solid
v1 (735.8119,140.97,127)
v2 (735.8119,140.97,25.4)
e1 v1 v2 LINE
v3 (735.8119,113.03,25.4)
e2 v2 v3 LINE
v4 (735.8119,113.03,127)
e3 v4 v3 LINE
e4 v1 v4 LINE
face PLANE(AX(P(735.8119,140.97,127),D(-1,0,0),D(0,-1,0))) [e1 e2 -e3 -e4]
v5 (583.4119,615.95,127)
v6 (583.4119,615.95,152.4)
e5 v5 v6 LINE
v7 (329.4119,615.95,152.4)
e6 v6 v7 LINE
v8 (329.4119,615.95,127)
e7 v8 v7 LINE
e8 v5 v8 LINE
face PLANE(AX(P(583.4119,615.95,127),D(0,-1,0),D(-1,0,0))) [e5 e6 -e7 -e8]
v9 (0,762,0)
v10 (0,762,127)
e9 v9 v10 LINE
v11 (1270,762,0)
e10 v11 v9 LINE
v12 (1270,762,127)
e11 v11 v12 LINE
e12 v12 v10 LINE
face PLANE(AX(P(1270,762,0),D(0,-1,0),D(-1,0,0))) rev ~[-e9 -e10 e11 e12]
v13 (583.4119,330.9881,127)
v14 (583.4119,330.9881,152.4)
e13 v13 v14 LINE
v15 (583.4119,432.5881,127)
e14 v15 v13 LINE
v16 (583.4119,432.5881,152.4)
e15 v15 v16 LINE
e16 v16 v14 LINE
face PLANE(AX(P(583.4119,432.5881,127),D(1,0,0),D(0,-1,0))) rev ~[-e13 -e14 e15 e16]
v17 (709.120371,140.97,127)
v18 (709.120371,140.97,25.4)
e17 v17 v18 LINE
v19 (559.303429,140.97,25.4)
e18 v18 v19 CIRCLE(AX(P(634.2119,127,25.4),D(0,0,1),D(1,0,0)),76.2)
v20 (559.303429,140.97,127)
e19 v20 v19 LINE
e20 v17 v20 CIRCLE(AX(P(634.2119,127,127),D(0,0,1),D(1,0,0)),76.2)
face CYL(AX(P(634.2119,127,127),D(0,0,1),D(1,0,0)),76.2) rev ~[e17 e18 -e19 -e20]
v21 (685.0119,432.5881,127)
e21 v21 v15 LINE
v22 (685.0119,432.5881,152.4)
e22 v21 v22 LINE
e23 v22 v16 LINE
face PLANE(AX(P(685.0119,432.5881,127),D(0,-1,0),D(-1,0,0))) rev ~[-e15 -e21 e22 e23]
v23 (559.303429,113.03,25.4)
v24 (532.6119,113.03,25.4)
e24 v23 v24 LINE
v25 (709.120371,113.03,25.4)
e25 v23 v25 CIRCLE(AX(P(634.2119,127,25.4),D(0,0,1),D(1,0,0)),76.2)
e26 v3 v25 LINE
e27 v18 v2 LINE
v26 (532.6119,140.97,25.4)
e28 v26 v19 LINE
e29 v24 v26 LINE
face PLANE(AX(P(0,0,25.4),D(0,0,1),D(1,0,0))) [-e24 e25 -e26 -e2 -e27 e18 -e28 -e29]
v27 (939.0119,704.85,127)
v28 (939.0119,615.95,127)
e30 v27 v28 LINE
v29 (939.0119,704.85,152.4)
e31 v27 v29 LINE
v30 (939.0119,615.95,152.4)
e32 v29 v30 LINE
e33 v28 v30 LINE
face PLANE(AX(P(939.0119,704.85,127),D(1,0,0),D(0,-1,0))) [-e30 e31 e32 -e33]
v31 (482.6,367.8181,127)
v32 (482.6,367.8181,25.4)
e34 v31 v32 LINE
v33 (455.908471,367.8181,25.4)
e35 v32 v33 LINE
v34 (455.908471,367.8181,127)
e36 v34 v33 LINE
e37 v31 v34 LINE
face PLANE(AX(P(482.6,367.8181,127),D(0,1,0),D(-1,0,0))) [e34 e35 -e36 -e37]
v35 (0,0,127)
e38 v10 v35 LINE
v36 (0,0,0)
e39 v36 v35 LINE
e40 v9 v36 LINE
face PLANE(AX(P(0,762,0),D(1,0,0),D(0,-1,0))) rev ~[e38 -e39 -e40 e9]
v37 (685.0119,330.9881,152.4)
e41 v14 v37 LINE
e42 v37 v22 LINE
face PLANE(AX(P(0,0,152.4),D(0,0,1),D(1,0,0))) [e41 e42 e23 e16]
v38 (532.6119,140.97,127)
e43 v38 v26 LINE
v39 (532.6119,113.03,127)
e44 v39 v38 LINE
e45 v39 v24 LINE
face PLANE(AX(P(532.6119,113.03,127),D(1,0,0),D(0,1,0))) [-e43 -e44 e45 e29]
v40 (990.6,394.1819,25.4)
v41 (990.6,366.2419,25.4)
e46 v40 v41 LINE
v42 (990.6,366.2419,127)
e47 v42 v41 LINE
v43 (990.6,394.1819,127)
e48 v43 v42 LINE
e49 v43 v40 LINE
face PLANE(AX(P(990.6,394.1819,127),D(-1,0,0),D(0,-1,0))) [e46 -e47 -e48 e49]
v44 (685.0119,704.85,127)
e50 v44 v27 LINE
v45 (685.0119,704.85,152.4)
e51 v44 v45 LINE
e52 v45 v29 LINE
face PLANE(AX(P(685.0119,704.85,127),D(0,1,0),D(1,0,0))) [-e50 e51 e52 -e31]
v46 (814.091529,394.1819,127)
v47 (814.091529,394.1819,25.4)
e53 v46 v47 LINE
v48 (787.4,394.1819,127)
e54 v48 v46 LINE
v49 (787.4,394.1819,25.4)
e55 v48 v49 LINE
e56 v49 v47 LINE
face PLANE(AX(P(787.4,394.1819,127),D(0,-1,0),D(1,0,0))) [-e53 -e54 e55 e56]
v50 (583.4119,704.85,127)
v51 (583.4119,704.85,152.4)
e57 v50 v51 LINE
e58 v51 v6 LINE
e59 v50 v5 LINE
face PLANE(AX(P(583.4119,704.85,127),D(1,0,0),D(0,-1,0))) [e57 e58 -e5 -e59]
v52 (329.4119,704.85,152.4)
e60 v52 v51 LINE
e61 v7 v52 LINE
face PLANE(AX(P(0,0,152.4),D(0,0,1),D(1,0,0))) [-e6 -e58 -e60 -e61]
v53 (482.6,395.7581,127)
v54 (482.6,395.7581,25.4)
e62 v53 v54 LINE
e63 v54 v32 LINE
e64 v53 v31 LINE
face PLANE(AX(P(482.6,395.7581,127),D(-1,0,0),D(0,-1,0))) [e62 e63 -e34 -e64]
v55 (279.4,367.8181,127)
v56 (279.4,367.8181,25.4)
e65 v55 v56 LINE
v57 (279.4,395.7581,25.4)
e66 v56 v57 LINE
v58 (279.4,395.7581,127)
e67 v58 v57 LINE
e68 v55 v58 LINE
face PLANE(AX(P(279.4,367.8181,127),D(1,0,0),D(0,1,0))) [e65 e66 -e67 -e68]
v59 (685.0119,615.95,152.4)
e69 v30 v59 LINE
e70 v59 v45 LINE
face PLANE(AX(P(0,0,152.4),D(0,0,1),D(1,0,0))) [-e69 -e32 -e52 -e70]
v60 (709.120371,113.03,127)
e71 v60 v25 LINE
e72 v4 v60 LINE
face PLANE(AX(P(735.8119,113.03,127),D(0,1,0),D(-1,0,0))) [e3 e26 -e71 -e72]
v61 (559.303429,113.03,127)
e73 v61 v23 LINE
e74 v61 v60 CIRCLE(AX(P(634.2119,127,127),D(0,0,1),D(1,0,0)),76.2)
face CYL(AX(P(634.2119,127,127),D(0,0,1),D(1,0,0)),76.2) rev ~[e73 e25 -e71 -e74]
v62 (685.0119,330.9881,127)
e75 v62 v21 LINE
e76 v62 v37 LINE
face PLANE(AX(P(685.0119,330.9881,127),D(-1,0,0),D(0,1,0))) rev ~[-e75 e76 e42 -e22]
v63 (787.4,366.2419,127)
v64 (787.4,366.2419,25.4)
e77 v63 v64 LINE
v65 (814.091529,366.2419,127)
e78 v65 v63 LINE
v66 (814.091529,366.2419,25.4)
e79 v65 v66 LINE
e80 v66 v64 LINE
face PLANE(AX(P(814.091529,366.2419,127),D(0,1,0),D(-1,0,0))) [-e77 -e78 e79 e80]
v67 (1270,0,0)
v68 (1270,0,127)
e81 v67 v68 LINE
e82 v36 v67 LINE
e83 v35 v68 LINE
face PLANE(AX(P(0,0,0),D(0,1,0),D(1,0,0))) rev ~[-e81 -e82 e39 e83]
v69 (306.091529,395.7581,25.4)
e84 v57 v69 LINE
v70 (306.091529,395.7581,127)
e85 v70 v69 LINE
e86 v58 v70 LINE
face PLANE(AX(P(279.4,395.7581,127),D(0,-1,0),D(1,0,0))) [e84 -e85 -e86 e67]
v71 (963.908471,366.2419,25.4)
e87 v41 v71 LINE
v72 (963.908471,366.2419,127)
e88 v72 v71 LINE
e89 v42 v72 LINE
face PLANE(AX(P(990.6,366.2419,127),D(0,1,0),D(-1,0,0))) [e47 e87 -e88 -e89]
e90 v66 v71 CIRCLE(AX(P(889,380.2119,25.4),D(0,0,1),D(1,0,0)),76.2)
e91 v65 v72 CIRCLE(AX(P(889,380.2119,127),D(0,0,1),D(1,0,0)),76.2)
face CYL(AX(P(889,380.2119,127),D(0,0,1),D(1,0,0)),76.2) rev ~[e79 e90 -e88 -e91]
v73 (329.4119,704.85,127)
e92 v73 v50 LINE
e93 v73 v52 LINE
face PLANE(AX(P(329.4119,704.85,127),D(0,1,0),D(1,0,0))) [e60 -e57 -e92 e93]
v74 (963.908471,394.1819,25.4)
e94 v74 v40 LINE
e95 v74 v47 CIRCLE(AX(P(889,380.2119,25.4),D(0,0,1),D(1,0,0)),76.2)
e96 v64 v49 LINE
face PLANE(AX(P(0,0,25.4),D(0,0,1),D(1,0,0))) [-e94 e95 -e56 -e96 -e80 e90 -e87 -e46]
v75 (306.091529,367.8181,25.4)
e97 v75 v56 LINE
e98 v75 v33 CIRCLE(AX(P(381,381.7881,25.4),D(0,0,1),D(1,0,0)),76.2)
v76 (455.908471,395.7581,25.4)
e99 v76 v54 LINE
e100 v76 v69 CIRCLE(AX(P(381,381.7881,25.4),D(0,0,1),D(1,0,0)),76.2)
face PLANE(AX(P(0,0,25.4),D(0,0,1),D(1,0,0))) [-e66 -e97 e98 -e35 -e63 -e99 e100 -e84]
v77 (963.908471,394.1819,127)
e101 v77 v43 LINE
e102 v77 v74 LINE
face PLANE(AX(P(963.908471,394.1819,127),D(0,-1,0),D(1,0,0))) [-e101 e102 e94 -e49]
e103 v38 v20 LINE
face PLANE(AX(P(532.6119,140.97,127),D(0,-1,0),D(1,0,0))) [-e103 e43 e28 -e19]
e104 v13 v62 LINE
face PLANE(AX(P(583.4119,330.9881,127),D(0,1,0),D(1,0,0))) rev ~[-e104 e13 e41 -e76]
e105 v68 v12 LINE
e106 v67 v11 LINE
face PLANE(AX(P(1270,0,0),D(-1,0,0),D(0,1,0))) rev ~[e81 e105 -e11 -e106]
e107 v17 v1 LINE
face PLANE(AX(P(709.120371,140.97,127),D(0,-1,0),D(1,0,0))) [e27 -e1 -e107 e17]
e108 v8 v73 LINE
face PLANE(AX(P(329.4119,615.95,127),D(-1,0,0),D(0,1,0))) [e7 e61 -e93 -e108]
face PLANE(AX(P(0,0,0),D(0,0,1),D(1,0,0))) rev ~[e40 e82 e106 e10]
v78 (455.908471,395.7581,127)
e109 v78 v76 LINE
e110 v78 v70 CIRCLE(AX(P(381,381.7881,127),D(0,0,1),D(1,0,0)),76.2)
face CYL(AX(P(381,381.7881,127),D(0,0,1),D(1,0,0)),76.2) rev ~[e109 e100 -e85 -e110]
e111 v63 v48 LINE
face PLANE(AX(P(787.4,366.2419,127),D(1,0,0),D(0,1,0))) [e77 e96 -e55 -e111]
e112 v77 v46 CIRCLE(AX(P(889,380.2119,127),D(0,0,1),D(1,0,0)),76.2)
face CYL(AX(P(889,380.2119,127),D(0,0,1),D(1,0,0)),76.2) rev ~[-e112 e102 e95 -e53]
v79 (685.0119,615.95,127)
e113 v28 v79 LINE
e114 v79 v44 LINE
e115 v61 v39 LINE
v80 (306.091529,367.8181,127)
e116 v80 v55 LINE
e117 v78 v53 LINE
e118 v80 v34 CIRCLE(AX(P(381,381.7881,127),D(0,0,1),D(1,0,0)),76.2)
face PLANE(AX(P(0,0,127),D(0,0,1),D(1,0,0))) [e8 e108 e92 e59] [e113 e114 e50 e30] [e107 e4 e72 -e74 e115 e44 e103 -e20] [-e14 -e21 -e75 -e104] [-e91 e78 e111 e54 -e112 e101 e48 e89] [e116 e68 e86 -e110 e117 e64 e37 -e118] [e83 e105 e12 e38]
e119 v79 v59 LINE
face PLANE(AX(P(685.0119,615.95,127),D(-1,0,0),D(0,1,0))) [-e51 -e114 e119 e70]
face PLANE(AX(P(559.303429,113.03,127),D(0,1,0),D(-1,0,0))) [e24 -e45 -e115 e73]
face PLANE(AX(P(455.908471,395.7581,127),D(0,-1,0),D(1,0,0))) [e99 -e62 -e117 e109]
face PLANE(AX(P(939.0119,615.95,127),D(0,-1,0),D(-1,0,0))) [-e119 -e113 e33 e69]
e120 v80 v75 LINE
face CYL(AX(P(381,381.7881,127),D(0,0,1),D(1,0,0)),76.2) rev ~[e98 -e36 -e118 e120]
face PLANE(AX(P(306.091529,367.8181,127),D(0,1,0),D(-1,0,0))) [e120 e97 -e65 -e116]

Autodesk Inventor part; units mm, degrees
ref_plane "YZ Plane" through (0, 0, 0) normal (1, 0, 0) x (0, 1, 0)
ref_plane "XZ Plane" through (0, 0, 0) normal (0, 1, 0) x (-1, 0, 0)
ref_plane "XY Plane" through (0, 0, 0) normal (0, 0, 1) x (1, 0, 0)
sketch "Sketch1" plane through (0, 0, 0) normal (0, 0, 1) x (1, 0, 0)
  line L0 (0, 0) -> (1270, 0)
  line L1 (1270, 0) -> (1270, 762)
  line L2 (1270, 762) -> (0, 762)
  line L3 (0, 762) -> (0, 0)
  dimension "d0" = 762
  dimension "d1" = 1270
extrude "Extrusion1" add sketch "Sketch1" along normal blind 127
sketch "Sketch2" plane through (0, 0, 127) normal (0, 0, 1) x (1, 0, 0)
  circle A0 centre (381, 381.7881) radius 76.2
  circle A1 centre (634.2119, 127) radius 76.2
  circle A2 centre (889, 380.2119) radius 76.2
  line L0 (0, 0) -> (1270, 0) projected
  line L1 (787.4, 394.1819) -> (990.6, 394.1819)
  line L2 (990.6, 394.1819) -> (990.6, 366.2419)
  line L3 (990.6, 366.2419) -> (787.4, 366.2419)
  line L4 (787.4, 366.2419) -> (787.4, 394.1819)
  line L5 (787.4, 394.1819) -> (990.6, 366.2419) construction
  line L6 (990.6, 394.1819) -> (787.4, 366.2419) construction
  line L7 (279.4, 395.7581) -> (482.6, 395.7581)
  line L8 (482.6, 395.7581) -> (482.6, 367.8181)
  line L9 (482.6, 367.8181) -> (279.4, 367.8181)
  line L10 (279.4, 367.8181) -> (279.4, 395.7581)
  line L11 (279.4, 395.7581) -> (482.6, 367.8181) construction
  line L12 (482.6, 395.7581) -> (279.4, 367.8181) construction
  line L13 (532.6119, 140.97) -> (735.8119, 140.97)
  line L14 (735.8119, 140.97) -> (735.8119, 113.03)
  line L15 (735.8119, 113.03) -> (532.6119, 113.03)
  line L16 (532.6119, 113.03) -> (532.6119, 140.97)
  line L17 (532.6119, 140.97) -> (735.8119, 113.03) construction
  line L18 (735.8119, 140.97) -> (532.6119, 113.03) construction
  point P0 (635, 381)
  point P1 (635, 0)
  point P2 (635, 0)
  point P3 (889, 380.2119)
  point P4 (381, 381.7881)
  point P5 (634.2119, 127)
  point P6 (306.0915, 367.8181)
  point P7 (306.0915, 395.7581)
  point P8 (455.9085, 395.7581)
  point P9 (455.9085, 367.8181)
  point P10 (709.1204, 140.97)
  point P11 (709.1204, 113.03)
  point P12 (559.3034, 113.03)
  point P13 (559.3034, 140.97)
  point P14 (963.9085, 394.1819)
  point P15 (963.9085, 366.2419)
  point P16 (814.0915, 366.2419)
  point P17 (814.0915, 394.1819)
  dimension "d14" = 152.4
  dimension "d17" = 180
  dimension "d19" = 127
  dimension "d20" = 381
  dimension "d23" = 203.2
  dimension "d24" = 27.94
  dimension "d25" = 203.2
  dimension "d26" = 27.94
  dimension "d27" = 203.2
  dimension "d28" = 27.94
extrude "Extrusion2" cut sketch "Sketch2" against normal blind 101.6
sketch "Sketch4" plane through (0, 0, 127) normal (0, 0, 1) x (1, 0, 0)
  line L0 (685.0119, 704.85) -> (939.0119, 704.85)
  line L1 (939.0119, 704.85) -> (939.0119, 615.95)
  line L2 (939.0119, 615.95) -> (685.0119, 615.95)
  line L3 (685.0119, 615.95) -> (685.0119, 704.85)
  line L4 (685.0119, 704.85) -> (939.0119, 615.95) construction
  line L5 (939.0119, 704.85) -> (685.0119, 615.95) construction
  line L6 (787.4, 394.1819) -> (814.0915, 394.1819) projected
  arc A0 (963.9085, 394.1819) -> (814.0915, 394.1819) centre (889, 380.2119) ccw projected
  line L7 (963.9085, 394.1819) -> (990.6, 394.1819) projected
  line L8 (990.6, 394.1819) -> (990.6, 366.2419) projected
  line L9 (990.6, 366.2419) -> (963.9085, 366.2419) projected
  arc A1 (814.0915, 366.2419) -> (963.9085, 366.2419) centre (889, 380.2119) ccw projected
  line L10 (814.0915, 366.2419) -> (787.4, 366.2419) projected
  line L11 (787.4, 366.2419) -> (787.4, 394.1819) projected
  line L12 (532.6119, 140.97) -> (559.3034, 140.97) projected
  arc A2 (709.1204, 140.97) -> (559.3034, 140.97) centre (634.2119, 127) ccw projected
  line L13 (709.1204, 140.97) -> (735.8119, 140.97) projected
  line L14 (735.8119, 140.97) -> (735.8119, 113.03) projected
  line L15 (735.8119, 113.03) -> (709.1204, 113.03) projected
  arc A3 (559.3034, 113.03) -> (709.1204, 113.03) centre (634.2119, 127) ccw projected
  line L16 (559.3034, 113.03) -> (532.6119, 113.03) projected
  line L17 (532.6119, 113.03) -> (532.6119, 140.97) projected
  line L18 (482.6, 367.8181) -> (455.9085, 367.8181) projected
  arc A4 (306.0915, 367.8181) -> (455.9085, 367.8181) centre (381, 381.7881) ccw projected
  line L19 (306.0915, 367.8181) -> (279.4, 367.8181) projected
  line L20 (279.4, 367.8181) -> (279.4, 395.7581) projected
  line L21 (279.4, 395.7581) -> (306.0915, 395.7581) projected
  arc A5 (455.9085, 395.7581) -> (306.0915, 395.7581) centre (381, 381.7881) ccw projected
  line L22 (455.9085, 395.7581) -> (482.6, 395.7581) projected
  line L23 (482.6, 395.7581) -> (482.6, 367.8181) projected
  line L24 (1270, 0) -> (1270, 762) projected
  line L25 (1270, 762) -> (0, 762) projected
  line L26 (0, 762) -> (0, 0) projected
  line L27 (0, 0) -> (1270, 0) projected
  line L28 (532.6119, 140.97) -> (532.6119, 113.03) projected
  line L29 (532.6119, 113.03) -> (559.3034, 113.03) projected
  arc A6 (559.3034, 113.03) -> (709.1204, 113.03) centre (634.2119, 127) ccw projected
  line L30 (709.1204, 113.03) -> (735.8119, 113.03) projected
  line L31 (735.8119, 113.03) -> (735.8119, 140.97) projected
  line L32 (735.8119, 140.97) -> (709.1204, 140.97) projected
  arc A7 (709.1204, 140.97) -> (559.3034, 140.97) centre (634.2119, 127) ccw projected
  line L33 (559.3034, 140.97) -> (532.6119, 140.97) projected
  line L34 (329.4119, 704.85) -> (583.4119, 704.85)
  line L35 (583.4119, 704.85) -> (583.4119, 615.95)
  line L36 (583.4119, 615.95) -> (329.4119, 615.95)
  line L37 (329.4119, 615.95) -> (329.4119, 704.85)
  line L38 (329.4119, 704.85) -> (583.4119, 615.95) construction
  line L39 (583.4119, 704.85) -> (329.4119, 615.95) construction
  line L40 (583.4119, 330.9881) -> (685.0119, 330.9881)
  line L41 (685.0119, 330.9881) -> (685.0119, 432.5881)
  line L42 (685.0119, 432.5881) -> (583.4119, 432.5881)
  line L43 (583.4119, 432.5881) -> (583.4119, 330.9881)
  line L44 (583.4119, 330.9881) -> (685.0119, 432.5881) construction
  line L45 (685.0119, 330.9881) -> (583.4119, 432.5881) construction
  point P0 (812.0119, 660.4)
  point P1 (634.2119, 653.1699)
  point P2 (456.4119, 660.4)
  point P3 (634.2119, 381.7881)
  dimension "d29" = 254
  dimension "d30" = 88.9
  dimension "d31" = 177.8
  dimension "d32" = 101.6
  dimension "d33" = 254
  dimension "d34" = 88.9
  dimension "d35" = 177.8
  dimension "d36" = 101.6
  dimension "d37" = 101.6
  dimension "d38" = 101.6
extrude "Extrusion3" add sketch "Sketch4" along normal blind 25.4 contours L0 L1 L2 L3 | L34 L35 L36 L37 | L43 L42 L41 L40
properties part number "Deska" material "Wood (Oak)"
